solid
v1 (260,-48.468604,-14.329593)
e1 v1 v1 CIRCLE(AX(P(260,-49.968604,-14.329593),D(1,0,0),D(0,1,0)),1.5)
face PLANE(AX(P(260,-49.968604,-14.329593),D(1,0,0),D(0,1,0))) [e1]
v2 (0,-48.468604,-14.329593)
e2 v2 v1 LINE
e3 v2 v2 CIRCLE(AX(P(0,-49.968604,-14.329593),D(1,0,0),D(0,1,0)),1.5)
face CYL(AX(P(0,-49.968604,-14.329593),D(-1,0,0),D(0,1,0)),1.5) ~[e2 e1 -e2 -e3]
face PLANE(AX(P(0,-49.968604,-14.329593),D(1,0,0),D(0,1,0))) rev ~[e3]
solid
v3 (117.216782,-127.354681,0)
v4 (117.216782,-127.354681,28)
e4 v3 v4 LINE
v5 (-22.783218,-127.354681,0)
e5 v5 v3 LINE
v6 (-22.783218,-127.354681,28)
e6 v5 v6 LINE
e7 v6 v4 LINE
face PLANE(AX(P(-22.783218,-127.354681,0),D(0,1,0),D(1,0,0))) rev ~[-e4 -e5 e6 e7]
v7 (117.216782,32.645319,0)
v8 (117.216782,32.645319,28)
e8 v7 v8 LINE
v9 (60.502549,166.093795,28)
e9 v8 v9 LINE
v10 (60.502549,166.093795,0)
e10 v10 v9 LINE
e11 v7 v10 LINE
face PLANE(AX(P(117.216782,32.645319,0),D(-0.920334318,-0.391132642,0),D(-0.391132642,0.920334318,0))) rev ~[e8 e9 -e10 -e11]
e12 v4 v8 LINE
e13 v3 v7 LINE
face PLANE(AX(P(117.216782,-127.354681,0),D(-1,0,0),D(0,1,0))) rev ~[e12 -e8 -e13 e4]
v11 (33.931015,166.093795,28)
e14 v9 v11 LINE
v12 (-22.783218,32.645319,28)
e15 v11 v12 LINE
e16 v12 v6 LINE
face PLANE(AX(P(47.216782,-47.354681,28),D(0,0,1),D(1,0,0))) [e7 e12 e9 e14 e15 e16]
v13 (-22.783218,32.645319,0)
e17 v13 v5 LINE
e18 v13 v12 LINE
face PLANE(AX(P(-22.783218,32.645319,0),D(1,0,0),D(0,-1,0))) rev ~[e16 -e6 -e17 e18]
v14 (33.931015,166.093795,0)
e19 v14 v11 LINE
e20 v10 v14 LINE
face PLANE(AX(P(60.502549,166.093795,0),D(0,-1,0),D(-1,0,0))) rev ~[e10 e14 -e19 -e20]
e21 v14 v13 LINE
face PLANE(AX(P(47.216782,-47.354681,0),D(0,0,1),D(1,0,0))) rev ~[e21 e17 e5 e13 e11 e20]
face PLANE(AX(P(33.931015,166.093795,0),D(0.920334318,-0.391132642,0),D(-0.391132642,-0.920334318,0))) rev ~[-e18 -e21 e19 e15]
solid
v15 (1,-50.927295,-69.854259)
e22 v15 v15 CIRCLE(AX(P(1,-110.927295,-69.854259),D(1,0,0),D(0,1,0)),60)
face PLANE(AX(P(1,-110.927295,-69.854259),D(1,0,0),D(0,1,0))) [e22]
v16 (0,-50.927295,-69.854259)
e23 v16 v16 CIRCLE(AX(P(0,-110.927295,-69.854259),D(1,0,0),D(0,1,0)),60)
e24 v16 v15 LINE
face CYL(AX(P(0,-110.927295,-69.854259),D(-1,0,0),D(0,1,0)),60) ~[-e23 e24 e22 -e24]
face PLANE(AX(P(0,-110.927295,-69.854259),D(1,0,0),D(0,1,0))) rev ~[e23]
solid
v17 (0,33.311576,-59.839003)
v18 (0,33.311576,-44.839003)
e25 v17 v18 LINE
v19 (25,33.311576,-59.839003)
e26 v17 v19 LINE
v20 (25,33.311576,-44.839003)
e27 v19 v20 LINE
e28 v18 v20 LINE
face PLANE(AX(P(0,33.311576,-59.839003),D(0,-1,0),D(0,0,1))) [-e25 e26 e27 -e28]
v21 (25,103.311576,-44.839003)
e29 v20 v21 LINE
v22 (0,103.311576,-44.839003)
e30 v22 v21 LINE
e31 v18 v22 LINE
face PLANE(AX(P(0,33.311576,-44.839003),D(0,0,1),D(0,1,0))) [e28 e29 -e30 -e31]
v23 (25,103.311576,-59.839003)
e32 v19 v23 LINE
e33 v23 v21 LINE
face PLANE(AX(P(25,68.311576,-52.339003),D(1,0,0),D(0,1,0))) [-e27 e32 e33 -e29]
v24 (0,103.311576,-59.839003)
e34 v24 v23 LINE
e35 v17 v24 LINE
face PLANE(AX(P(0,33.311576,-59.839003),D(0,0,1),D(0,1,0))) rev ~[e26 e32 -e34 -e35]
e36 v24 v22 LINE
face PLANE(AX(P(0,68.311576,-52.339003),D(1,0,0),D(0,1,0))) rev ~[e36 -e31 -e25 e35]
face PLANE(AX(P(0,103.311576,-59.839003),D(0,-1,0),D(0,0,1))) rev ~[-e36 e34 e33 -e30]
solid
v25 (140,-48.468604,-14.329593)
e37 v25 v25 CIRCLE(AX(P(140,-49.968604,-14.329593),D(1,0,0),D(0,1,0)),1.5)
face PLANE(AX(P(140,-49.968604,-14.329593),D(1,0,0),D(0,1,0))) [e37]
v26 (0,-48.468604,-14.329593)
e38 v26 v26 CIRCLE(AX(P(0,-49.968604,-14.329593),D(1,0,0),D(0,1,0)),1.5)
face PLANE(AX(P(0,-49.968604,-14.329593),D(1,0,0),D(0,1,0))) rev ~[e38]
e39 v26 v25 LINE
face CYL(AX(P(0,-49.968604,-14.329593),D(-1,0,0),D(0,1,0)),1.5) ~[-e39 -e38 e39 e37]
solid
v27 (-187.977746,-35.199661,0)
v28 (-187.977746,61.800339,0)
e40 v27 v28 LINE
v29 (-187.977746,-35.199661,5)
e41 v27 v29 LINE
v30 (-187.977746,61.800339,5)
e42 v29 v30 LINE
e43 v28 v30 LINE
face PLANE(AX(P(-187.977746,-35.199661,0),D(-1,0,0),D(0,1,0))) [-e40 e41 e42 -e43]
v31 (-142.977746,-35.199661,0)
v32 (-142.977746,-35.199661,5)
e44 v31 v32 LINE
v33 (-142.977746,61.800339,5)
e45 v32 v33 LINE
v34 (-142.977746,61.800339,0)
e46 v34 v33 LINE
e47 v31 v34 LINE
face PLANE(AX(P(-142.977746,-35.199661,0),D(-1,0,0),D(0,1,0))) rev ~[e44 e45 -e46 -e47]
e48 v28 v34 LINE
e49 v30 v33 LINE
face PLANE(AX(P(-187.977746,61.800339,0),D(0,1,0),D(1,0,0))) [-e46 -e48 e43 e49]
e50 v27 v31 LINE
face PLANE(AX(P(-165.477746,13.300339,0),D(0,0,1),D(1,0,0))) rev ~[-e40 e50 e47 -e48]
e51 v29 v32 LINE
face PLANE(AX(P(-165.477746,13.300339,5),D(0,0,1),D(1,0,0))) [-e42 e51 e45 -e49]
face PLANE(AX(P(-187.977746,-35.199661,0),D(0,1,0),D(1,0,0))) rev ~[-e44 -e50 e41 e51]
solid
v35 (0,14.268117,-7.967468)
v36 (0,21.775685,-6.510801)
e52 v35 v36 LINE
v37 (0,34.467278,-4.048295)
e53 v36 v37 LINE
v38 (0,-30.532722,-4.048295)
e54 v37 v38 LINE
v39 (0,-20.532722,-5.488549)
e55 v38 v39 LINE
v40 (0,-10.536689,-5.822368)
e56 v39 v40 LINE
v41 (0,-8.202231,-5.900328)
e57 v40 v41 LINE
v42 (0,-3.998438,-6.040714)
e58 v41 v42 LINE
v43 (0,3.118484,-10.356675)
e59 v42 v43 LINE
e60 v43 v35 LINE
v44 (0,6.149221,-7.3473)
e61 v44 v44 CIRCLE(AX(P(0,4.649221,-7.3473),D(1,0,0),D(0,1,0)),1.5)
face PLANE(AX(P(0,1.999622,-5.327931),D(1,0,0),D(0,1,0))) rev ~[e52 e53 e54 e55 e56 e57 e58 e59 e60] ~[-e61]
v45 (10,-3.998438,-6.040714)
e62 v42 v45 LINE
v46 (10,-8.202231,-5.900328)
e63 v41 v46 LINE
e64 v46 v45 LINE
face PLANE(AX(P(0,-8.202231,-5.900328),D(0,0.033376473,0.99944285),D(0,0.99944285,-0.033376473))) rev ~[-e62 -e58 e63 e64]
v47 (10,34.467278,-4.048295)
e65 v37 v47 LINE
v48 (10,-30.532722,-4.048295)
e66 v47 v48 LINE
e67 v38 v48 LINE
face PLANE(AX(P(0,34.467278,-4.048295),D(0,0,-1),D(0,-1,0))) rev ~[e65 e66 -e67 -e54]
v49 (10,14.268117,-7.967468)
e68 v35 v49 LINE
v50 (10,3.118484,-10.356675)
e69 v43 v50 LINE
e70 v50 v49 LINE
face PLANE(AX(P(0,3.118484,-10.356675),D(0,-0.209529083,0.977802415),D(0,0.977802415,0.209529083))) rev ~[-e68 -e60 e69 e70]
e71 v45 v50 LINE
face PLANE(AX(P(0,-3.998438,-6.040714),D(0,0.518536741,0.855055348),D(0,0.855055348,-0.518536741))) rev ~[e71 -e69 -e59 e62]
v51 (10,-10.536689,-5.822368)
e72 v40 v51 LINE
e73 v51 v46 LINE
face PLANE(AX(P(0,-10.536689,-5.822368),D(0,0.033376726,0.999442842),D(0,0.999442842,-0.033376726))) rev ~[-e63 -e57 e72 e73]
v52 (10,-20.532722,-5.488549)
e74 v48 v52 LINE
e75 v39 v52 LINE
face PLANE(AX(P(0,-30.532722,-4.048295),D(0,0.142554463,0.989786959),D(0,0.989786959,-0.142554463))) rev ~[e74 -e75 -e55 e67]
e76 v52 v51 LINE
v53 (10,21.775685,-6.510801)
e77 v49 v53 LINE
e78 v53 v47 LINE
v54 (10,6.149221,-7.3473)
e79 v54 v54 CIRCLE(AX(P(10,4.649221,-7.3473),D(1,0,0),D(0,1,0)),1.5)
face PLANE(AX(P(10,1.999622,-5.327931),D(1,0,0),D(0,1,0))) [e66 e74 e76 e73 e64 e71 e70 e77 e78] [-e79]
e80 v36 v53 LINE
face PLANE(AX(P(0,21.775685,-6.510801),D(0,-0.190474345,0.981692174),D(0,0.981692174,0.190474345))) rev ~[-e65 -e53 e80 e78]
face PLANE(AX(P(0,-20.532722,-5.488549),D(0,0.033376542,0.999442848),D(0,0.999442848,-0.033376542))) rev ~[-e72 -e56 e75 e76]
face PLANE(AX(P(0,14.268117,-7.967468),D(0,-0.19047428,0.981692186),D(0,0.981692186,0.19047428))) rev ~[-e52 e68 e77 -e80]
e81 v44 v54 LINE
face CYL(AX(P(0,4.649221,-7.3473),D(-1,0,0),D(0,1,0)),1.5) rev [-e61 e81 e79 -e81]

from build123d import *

# Parameters (mm, degrees)
F1_DEPTH = 28
F2_R     = 60
F3_DEPTH = 1
F2_R_2   = 1.5
F4_DEPTH = 260
F5_DEPTH = 10
F2_W     = 70
F2_H     = 15
F6_DEPTH = 25
F0_W     = 45
F0_H     = 97
F7_DEPTH = 5
F8_DEPTH = 140


with BuildPart() as f1:
    # F0 (on Top) → F1 (new body)
    with BuildSketch(Plane.XY):
        Polygon((47.216782, 32.645319), (-22.783218, 32.645319), (-22.783218, -127.354681), (117.216782, -127.354681), (117.216782, 32.645319), align=None)
        Polygon((33.931015, 166.093795), (-22.783218, 32.645319), (47.216782, 32.645319), (47.216782, 166.093795), align=None)
        Polygon((47.216782, 166.093795), (47.216782, 32.645319), (117.216782, 32.645319), (60.502549, 166.093795), align=None)
    extrude(amount=F1_DEPTH)


with BuildPart() as f3:
    # F2 (on Right) → F3 (new body)
    with BuildSketch(Plane.YZ):
        with Locations((-110.927295, -69.854259)):
            Circle(F2_R)
    extrude(amount=F3_DEPTH)


with BuildPart() as f4:
    # F2 (on Right) → F4 (new body)
    with BuildSketch(Plane.YZ):
        with Locations((-49.968604, -14.329593)):
            Circle(F2_R_2)
    extrude(amount=F4_DEPTH)


with BuildPart() as f5:
    # F2 (on Right) → F5 (new body)
    with BuildSketch(Plane.YZ):
        Polygon((-20.532722, -4.048295), (-30.532722, -4.048295), (-20.532722, -5.488549), (-10.536689, -5.822368), (-8.202231, -5.900328), (-3.998438, -6.040714), (3.118484, -10.356675), (14.268117, -7.967468), (21.775685, -6.510801), (34.467278, -4.048295), align=None)
        with Locations((4.649221, -7.3473)):
            Circle(F2_R_2, mode=Mode.SUBTRACT)
    extrude(amount=F5_DEPTH)


with BuildPart() as f6:
    # F2 (on Right) → F6 (new body)
    with BuildSketch(Plane.YZ):
        with Locations((68.311576, -52.339003)):
            Rectangle(F2_W, F2_H)
    extrude(amount=F6_DEPTH)


with BuildPart() as f7:
    # F0 (on Top) → F7 (new body)
    with BuildSketch(Plane.XY):
        with Locations((-165.477746, 13.300339)):
            Rectangle(F0_W, F0_H)
    extrude(amount=F7_DEPTH)


with BuildPart() as f8:
    # F2 (on Right) → F8 (new body)
    with BuildSketch(Plane.YZ):
        with Locations((-49.968604, -14.329593)):
            Circle(F2_R_2)
    extrude(amount=F8_DEPTH)


solid = Compound([f1.part, f3.part, f4.part, f5.part, f6.part, f7.part, f8.part])
